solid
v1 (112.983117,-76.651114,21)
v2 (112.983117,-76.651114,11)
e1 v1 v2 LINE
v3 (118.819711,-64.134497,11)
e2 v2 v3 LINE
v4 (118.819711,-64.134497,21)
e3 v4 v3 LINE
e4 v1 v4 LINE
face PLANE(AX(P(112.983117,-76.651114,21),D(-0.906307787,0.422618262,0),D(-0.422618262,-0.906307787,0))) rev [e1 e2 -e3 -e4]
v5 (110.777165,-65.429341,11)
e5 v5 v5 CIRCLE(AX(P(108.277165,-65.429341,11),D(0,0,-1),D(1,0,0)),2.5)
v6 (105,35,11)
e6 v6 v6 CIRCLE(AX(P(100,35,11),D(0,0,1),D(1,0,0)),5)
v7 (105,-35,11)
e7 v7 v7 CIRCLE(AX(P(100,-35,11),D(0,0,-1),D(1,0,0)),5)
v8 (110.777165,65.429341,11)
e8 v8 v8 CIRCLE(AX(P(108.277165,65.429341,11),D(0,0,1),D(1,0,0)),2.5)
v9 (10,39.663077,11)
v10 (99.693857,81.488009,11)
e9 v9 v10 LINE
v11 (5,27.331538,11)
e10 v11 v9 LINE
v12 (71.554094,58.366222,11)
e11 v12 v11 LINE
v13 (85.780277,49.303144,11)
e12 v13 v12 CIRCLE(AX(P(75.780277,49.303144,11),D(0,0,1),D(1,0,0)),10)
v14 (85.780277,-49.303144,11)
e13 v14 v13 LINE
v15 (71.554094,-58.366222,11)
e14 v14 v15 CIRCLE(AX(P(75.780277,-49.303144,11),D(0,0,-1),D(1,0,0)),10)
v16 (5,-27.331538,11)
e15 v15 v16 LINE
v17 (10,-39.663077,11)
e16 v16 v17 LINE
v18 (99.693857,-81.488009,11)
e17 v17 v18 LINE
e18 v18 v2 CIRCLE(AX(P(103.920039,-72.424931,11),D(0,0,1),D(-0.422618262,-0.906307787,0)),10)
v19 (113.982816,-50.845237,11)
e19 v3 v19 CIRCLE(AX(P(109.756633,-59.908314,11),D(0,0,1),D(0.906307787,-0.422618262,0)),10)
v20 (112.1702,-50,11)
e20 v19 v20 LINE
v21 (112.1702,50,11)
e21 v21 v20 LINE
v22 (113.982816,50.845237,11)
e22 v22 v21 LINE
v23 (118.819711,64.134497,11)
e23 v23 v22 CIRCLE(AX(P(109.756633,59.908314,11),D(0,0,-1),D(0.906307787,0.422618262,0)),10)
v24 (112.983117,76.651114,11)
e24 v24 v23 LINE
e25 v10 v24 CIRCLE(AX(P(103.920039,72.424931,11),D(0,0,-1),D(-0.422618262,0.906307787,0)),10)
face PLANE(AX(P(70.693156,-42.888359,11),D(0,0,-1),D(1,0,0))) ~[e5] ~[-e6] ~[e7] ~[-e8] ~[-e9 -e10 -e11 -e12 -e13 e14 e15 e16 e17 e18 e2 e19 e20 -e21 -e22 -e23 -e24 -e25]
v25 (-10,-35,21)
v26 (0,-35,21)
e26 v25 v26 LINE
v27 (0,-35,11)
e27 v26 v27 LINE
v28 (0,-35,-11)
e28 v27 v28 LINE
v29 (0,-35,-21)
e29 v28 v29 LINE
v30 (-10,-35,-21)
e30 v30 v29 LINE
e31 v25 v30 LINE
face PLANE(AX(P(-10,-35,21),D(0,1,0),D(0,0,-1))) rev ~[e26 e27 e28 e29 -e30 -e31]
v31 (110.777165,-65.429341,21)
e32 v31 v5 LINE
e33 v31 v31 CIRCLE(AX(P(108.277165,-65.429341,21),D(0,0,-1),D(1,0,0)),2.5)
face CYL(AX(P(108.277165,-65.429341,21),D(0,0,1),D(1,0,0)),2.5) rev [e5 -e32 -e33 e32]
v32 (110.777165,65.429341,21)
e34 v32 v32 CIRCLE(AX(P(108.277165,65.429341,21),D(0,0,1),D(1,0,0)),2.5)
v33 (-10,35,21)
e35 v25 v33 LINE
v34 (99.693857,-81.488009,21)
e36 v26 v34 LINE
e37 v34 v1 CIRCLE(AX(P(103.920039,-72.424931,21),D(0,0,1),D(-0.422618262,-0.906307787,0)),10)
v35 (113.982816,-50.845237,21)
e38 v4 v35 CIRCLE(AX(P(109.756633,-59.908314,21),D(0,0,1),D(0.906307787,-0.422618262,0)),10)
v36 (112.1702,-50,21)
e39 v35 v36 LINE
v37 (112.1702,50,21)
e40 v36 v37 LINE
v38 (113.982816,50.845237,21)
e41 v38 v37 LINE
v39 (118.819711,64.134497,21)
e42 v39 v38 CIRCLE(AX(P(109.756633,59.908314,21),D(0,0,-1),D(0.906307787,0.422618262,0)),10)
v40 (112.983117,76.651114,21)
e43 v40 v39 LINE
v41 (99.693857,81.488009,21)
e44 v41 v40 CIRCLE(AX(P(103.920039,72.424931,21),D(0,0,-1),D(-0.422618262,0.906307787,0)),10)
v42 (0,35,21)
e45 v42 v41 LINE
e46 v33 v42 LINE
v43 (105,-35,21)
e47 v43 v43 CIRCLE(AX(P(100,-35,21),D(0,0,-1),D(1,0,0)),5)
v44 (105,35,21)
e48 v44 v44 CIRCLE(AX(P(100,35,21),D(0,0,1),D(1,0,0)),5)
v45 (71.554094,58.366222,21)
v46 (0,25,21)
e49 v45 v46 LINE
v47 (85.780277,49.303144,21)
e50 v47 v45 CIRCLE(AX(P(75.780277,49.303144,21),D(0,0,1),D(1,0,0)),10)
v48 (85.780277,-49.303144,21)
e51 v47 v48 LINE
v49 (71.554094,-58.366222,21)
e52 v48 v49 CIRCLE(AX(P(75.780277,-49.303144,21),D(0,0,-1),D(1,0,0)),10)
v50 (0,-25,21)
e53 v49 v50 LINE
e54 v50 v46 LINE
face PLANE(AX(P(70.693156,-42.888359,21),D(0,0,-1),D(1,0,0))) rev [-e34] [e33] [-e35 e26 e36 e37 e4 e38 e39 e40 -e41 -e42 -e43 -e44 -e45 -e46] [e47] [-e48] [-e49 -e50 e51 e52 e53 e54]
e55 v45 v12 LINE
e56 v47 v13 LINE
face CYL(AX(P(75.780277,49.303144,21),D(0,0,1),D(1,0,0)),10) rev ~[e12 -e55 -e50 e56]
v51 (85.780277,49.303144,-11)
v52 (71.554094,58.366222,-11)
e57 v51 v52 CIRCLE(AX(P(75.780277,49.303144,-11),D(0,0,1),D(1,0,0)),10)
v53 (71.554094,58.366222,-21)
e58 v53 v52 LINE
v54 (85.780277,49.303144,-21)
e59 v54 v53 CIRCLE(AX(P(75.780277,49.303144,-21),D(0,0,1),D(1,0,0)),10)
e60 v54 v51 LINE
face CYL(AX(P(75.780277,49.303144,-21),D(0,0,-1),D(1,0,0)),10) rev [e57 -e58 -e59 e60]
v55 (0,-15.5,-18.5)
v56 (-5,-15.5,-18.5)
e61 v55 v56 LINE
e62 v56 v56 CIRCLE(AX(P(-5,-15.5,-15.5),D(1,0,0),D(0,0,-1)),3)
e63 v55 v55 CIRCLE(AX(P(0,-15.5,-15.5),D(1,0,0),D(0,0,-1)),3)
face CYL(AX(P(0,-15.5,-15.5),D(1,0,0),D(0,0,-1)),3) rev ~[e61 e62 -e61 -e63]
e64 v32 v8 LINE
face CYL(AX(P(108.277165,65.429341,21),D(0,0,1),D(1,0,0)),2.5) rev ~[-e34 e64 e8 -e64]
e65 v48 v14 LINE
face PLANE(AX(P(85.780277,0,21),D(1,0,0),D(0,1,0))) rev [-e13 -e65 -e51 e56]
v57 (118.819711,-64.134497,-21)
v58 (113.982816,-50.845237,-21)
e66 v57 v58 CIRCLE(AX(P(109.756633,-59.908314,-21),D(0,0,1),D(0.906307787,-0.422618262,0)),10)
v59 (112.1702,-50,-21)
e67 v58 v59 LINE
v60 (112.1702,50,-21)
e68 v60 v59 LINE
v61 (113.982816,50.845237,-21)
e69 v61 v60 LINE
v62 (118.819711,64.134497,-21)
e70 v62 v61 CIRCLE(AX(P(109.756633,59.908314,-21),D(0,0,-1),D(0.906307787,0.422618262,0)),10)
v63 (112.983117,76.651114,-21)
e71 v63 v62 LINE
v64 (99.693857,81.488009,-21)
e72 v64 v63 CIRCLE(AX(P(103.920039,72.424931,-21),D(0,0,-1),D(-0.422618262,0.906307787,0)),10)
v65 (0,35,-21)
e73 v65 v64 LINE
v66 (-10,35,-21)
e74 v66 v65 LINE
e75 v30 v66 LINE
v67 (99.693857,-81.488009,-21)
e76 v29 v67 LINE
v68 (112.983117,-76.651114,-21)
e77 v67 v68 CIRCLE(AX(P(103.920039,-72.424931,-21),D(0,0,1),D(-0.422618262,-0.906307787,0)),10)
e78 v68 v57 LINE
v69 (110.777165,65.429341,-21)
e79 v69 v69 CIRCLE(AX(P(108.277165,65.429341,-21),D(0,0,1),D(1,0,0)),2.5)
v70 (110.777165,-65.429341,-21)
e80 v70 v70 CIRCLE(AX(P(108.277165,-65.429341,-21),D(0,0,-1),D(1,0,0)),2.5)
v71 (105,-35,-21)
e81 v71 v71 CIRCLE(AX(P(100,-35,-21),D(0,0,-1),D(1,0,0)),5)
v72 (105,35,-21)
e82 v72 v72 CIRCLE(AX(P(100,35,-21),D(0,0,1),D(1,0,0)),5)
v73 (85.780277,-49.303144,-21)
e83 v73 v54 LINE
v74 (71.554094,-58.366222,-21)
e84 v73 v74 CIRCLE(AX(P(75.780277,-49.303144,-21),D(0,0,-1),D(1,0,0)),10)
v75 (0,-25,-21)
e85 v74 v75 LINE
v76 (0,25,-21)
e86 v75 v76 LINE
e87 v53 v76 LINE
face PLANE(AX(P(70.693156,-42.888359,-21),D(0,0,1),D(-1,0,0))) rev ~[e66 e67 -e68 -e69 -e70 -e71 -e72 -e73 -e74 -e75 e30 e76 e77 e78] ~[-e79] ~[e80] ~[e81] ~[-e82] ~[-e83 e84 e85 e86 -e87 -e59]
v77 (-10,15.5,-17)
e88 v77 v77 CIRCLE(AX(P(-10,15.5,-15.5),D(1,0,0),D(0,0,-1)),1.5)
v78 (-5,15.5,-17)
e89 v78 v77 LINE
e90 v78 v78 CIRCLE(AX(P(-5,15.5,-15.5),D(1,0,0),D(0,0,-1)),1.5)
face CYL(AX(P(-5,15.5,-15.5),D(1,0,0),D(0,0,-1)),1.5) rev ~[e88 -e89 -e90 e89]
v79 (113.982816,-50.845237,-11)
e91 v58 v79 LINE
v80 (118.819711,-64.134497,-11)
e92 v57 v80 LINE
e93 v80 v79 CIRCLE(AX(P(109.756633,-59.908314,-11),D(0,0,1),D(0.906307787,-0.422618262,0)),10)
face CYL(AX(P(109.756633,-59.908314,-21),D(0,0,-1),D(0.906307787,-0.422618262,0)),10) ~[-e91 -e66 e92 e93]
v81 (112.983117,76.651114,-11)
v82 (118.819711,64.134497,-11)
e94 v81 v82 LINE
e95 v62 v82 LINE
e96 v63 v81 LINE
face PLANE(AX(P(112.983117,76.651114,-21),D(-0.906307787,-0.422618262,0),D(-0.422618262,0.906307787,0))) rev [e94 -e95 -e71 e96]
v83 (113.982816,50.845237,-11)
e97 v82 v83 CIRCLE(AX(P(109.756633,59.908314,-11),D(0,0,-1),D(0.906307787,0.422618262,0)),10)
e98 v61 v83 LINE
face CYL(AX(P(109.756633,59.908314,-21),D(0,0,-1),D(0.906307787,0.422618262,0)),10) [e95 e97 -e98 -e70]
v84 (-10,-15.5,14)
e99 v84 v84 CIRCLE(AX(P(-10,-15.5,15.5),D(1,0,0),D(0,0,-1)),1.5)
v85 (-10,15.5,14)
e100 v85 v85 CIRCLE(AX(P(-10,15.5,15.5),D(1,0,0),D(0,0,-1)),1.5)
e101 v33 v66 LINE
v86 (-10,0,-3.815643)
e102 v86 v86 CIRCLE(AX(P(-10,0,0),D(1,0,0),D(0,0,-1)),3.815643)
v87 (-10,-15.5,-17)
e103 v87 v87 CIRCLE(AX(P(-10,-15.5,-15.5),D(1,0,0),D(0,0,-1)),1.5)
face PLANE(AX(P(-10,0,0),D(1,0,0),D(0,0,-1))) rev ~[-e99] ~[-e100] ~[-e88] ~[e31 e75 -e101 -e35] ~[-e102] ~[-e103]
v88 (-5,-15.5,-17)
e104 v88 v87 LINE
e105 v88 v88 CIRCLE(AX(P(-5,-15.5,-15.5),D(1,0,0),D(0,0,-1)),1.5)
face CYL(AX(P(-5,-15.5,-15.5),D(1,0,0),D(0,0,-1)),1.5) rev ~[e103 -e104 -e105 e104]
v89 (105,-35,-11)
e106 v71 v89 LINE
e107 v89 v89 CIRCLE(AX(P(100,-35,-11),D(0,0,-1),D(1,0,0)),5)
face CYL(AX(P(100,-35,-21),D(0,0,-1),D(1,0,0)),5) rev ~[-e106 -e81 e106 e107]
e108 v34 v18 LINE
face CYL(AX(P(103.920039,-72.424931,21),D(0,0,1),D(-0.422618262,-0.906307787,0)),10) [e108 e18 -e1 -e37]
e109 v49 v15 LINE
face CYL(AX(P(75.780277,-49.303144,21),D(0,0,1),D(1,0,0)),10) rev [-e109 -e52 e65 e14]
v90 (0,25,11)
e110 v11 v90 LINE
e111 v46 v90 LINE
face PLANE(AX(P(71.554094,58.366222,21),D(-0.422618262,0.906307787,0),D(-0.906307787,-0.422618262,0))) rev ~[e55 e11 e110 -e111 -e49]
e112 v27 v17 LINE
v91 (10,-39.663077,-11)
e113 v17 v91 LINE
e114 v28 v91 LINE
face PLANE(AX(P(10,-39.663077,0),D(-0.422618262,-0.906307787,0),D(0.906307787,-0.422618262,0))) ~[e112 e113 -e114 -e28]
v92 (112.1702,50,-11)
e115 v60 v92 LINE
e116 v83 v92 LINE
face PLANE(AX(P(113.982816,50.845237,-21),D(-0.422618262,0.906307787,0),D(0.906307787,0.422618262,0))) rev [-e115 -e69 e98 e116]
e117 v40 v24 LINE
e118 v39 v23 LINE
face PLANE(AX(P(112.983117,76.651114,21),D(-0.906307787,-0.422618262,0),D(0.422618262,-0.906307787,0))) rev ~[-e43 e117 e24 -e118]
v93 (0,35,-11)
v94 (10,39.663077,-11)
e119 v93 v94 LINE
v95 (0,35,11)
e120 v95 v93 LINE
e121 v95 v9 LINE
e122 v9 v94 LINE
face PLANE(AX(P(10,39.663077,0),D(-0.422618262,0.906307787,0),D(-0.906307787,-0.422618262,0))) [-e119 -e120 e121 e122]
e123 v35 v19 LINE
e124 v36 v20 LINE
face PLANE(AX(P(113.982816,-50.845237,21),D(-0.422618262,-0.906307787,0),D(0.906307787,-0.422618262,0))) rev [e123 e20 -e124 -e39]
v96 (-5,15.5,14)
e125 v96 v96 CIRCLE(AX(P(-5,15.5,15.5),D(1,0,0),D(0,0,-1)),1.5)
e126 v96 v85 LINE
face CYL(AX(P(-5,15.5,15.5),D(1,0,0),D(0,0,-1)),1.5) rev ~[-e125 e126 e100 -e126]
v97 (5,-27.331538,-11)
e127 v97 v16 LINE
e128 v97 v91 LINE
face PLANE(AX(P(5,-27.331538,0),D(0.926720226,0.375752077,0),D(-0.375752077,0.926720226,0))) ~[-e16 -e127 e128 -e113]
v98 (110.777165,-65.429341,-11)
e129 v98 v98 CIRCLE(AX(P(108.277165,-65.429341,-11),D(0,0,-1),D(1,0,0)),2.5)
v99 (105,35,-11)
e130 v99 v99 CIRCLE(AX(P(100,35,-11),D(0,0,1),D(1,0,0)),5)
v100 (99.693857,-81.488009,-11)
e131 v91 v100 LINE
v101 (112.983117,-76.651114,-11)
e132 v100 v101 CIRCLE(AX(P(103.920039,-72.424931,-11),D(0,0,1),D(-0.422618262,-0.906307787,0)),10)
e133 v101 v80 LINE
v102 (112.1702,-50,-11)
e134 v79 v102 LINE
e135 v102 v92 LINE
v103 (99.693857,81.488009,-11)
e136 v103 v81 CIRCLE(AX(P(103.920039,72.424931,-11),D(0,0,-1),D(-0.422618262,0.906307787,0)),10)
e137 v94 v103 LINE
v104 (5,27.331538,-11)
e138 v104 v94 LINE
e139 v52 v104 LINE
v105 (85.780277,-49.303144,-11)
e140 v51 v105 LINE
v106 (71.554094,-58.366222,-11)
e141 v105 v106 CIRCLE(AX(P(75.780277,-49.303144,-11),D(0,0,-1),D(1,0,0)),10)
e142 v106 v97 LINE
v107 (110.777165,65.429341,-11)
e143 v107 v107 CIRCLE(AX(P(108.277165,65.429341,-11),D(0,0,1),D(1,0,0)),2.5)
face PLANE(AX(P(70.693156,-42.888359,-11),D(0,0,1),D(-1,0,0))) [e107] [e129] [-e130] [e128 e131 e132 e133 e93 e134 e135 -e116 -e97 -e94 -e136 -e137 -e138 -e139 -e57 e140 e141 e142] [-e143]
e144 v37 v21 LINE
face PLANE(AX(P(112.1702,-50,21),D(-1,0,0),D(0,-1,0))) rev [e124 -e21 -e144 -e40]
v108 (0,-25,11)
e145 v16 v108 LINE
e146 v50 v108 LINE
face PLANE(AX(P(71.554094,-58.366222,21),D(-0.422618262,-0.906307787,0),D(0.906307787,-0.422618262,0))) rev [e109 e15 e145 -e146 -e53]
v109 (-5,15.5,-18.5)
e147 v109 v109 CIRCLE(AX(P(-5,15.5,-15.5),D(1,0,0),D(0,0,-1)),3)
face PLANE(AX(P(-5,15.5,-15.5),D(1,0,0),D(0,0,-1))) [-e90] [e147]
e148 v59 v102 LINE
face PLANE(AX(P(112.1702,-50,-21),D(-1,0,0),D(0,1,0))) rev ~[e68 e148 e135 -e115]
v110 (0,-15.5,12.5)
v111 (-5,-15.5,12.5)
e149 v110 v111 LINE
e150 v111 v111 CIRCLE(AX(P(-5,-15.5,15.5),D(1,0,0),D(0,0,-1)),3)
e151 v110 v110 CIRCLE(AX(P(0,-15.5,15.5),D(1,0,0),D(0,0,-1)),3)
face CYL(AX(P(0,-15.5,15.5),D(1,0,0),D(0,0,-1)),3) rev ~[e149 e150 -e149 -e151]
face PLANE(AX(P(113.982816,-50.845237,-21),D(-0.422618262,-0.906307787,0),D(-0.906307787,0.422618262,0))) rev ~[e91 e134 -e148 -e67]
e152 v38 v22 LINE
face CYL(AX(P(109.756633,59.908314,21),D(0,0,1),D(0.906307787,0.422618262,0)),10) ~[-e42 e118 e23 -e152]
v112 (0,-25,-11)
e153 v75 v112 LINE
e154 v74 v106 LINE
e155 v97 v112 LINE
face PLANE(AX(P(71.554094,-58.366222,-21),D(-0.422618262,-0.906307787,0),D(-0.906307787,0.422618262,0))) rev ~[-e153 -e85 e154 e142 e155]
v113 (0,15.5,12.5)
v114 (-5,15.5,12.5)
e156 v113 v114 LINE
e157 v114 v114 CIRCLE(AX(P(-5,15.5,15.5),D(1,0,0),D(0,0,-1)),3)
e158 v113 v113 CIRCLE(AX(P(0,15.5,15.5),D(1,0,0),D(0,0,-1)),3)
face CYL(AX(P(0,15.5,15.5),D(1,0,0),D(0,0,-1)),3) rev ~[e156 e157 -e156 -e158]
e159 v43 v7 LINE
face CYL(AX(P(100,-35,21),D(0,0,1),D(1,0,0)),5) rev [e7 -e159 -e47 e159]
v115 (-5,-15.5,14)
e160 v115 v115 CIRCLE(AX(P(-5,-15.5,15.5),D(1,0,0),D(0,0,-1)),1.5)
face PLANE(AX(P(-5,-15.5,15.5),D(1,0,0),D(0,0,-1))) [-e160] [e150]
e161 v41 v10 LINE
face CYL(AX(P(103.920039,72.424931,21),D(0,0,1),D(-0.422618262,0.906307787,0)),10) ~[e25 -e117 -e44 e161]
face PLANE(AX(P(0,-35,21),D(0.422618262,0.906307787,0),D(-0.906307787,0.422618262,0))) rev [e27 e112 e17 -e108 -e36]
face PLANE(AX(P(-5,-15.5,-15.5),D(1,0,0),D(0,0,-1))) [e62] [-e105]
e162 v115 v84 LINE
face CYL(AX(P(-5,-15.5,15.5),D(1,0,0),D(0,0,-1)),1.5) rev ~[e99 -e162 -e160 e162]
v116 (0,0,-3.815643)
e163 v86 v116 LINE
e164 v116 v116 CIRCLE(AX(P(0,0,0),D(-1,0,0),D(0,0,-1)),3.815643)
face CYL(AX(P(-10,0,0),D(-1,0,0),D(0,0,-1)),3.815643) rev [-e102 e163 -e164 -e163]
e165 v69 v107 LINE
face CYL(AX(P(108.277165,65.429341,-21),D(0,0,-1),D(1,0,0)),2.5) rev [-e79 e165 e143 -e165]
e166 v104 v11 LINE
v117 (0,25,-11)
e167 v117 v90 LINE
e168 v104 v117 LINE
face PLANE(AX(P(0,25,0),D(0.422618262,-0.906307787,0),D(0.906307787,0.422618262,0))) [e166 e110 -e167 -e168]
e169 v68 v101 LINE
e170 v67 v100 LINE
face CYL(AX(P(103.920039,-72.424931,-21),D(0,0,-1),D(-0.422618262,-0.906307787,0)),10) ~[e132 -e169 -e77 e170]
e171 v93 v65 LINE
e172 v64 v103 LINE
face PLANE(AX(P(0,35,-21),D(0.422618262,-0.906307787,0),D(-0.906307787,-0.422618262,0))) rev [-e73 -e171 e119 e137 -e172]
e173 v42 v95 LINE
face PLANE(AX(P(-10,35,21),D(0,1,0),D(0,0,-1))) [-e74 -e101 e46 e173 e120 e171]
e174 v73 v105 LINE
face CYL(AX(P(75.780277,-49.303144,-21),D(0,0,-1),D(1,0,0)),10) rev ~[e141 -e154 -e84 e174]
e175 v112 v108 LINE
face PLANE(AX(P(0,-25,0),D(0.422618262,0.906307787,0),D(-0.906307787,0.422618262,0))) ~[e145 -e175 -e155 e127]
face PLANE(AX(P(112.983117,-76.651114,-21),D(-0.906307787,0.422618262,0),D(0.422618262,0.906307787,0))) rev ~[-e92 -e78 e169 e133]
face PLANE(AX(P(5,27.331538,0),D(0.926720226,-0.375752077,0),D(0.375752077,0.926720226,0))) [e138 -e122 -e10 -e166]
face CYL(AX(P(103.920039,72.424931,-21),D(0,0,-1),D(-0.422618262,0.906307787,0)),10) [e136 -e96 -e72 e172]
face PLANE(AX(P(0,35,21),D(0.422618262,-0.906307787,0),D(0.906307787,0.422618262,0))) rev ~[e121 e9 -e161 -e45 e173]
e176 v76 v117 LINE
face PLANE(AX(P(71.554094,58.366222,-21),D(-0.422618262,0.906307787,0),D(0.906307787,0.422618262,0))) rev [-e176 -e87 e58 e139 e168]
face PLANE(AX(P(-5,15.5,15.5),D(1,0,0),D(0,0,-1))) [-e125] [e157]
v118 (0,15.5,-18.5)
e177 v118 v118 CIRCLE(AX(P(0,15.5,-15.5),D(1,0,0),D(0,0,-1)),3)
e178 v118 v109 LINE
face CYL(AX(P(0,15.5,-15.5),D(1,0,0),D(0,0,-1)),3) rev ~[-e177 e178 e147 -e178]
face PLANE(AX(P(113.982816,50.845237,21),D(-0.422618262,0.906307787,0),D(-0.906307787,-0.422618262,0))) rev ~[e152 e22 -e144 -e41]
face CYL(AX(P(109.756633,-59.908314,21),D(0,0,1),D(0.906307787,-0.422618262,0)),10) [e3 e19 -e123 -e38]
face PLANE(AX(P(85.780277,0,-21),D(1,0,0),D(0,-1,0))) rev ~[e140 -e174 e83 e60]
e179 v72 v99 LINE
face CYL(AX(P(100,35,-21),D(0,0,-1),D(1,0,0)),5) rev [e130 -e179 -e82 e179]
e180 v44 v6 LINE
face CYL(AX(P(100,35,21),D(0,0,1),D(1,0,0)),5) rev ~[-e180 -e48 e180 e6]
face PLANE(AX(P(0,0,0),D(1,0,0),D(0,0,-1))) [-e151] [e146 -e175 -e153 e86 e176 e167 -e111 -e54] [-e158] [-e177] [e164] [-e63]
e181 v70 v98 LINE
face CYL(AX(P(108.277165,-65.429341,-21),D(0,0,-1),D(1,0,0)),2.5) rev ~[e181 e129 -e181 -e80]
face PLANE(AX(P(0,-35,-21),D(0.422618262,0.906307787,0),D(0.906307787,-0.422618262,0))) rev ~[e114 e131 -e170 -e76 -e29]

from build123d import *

# Parameters (mm, degrees)
SKETCH_1_W                  = 42
SKETCH_1_H                  = 70
SKETCH_1_R                  = 3.815643184
EXTRUDE_1_DEPTH             = 10
SKETCH_2_R                  = 5
SKETCH_2_R_2                = 2.5
EXTRUDE_2_DEPTH             = 10
MIRROR_23_COPY_1_SKETCH_R   = 5
MIRROR_23_COPY_1_SKETCH_R_2 = 2.5
MIRROR_23_COPY_1_DEPTH      = 10
SKETCH_3_R                  = 3
CUT_EXTRUDE_1_DEPTH         = 5
SKETCH_4_R                  = 1.5
CUT_EXTRUDE_2_DEPTH         = 151.99366476
EXTRUDE_3_DEPTH             = 11


with BuildPart() as part:
    # 草图1 → 凸台-拉伸1 (new body)
    with BuildSketch(Plane(origin=(-10, 0, 0), x_dir=(0, 0, -1), z_dir=(1, 0, 0))):
        Rectangle(SKETCH_1_W, SKETCH_1_H)
        Circle(SKETCH_1_R, mode=Mode.SUBTRACT)
    extrude_1 = extrude(amount=EXTRUDE_1_DEPTH)


with BuildPart() as body_2:
    # 草图2 → 凸台-拉伸2 (new body)
    with BuildSketch(Plane.XY.offset(21)):
        with BuildLine():
            Line((0, 35), (99.693856574, 81.488008791))
            ThreePointArc((99.693856574, 81.488008791), (107.340240625, 81.821857129), (112.983117062, 76.651113539))
            Line((112.983117062, 76.651113539), (118.819711203, 64.134497011))
            ThreePointArc((118.819711203, 64.134497011), (119.15355954, 56.488112961), (113.98281595, 50.845236523))
            Line((113.98281595, 50.845236523), (112.170200376, 50))
            Line((112.170200376, 50), (112.170200376, 0))
            Line((112.170200376, 0), (85.78027682, 0))
            Line((85.78027682, 0), (85.78027682, 49.303144229))
            ThreePointArc((85.78027682, 49.303144229), (81.153272904, 57.737058687), (71.554094203, 58.366222099))
            Line((71.554094203, 58.366222099), (0, 25))
            Line((0, 25), (0, 35))
        make_face()
        with Locations((100, 35)):
            Circle(SKETCH_2_R, mode=Mode.SUBTRACT)
        with Locations((108.27716468, 65.429340608)):
            Circle(SKETCH_2_R_2, mode=Mode.SUBTRACT)
    extrude_2 = extrude(amount=-EXTRUDE_2_DEPTH)


with BuildPart() as part_1:
    add(part.part)

    add(body_2.part)  # 镜向5 merges body 2
    # 镜向5: 凸台-拉伸2 across plane
    add(extrude_2.mirror(Plane.ZX))

    # 镜向23: 凸台-拉伸1, 凸台-拉伸2 across plane
    add(extrude_1.mirror(Plane.XY))
    add(extrude_2.mirror(Plane.XY))

    # 镜向23 copy 1 sketch → 镜向23 copy 1 (add)
    with BuildSketch(Plane(origin=(0, 0, -21), x_dir=(1, 0, 0), z_dir=(0, 0, -1))):
        with BuildLine():
            Line((0, 35), (99.693856574, 81.488008791))
            ThreePointArc((99.693856574, 81.488008791), (107.340240625, 81.821857129), (112.983117062, 76.651113539))
            Line((112.983117062, 76.651113539), (118.819711203, 64.134497011))
            ThreePointArc((118.819711203, 64.134497011), (119.15355954, 56.488112961), (113.98281595, 50.845236523))
            Line((113.98281595, 50.845236523), (112.170200376, 50))
            Line((112.170200376, 50), (112.170200376, 0))
            Line((112.170200376, 0), (85.78027682, 0))
            Line((85.78027682, 0), (85.78027682, 49.303144229))
            ThreePointArc((85.78027682, 49.303144229), (81.153272904, 57.737058687), (71.554094203, 58.366222099))
            Line((71.554094203, 58.366222099), (0, 25))
            Line((0, 25), (0, 35))
        make_face()
        with Locations((100, 35)):
            Circle(MIRROR_23_COPY_1_SKETCH_R, mode=Mode.SUBTRACT)
        with Locations((108.27716468, 65.429340608)):
            Circle(MIRROR_23_COPY_1_SKETCH_R_2, mode=Mode.SUBTRACT)
    extrude(amount=-MIRROR_23_COPY_1_DEPTH)

    # 草图3 → 切除-拉伸1 (cut)
    with BuildSketch(Plane(origin=(0, 0, 0), x_dir=(0, 0, -1), z_dir=(1, 0, 0))):
        with Locations((15.5, 15.5)):
            Circle(SKETCH_3_R)
        with Locations((15.5, -15.5)):
            Circle(SKETCH_3_R)
        with Locations((-15.5, -15.5)):
            Circle(SKETCH_3_R)
        with Locations((-15.5, 15.5)):
            Circle(SKETCH_3_R)
    extrude(amount=-CUT_EXTRUDE_1_DEPTH, mode=Mode.SUBTRACT)

    # 草图4 → 切除-拉伸2 (cut, through all)
    with BuildSketch(Plane(origin=(-5, 0, 0), x_dir=(0, 0, -1), z_dir=(1, 0, 0))):
        with Locations((15.5, 15.5)):
            Circle(SKETCH_4_R)
        with Locations((-15.5, 15.5)):
            Circle(SKETCH_4_R)
        with Locations((-15.5, -15.5)):
            Circle(SKETCH_4_R)
        with Locations((15.5, -15.5)):
            Circle(SKETCH_4_R)
    extrude(amount=-CUT_EXTRUDE_2_DEPTH, mode=Mode.SUBTRACT)

    # 草图5 → 凸台-拉伸3 (add, symmetric)
    with BuildSketch(Plane.XY):
        Polygon((0, 35), (0, 25), (5, 27.331538291), (10, 39.663076582), align=None)
    extrude_3 = extrude(amount=EXTRUDE_3_DEPTH, both=True)

    # 镜向24: 凸台-拉伸3 across plane
    add(extrude_3.mirror(Plane.ZX))


solid = part_1.part
